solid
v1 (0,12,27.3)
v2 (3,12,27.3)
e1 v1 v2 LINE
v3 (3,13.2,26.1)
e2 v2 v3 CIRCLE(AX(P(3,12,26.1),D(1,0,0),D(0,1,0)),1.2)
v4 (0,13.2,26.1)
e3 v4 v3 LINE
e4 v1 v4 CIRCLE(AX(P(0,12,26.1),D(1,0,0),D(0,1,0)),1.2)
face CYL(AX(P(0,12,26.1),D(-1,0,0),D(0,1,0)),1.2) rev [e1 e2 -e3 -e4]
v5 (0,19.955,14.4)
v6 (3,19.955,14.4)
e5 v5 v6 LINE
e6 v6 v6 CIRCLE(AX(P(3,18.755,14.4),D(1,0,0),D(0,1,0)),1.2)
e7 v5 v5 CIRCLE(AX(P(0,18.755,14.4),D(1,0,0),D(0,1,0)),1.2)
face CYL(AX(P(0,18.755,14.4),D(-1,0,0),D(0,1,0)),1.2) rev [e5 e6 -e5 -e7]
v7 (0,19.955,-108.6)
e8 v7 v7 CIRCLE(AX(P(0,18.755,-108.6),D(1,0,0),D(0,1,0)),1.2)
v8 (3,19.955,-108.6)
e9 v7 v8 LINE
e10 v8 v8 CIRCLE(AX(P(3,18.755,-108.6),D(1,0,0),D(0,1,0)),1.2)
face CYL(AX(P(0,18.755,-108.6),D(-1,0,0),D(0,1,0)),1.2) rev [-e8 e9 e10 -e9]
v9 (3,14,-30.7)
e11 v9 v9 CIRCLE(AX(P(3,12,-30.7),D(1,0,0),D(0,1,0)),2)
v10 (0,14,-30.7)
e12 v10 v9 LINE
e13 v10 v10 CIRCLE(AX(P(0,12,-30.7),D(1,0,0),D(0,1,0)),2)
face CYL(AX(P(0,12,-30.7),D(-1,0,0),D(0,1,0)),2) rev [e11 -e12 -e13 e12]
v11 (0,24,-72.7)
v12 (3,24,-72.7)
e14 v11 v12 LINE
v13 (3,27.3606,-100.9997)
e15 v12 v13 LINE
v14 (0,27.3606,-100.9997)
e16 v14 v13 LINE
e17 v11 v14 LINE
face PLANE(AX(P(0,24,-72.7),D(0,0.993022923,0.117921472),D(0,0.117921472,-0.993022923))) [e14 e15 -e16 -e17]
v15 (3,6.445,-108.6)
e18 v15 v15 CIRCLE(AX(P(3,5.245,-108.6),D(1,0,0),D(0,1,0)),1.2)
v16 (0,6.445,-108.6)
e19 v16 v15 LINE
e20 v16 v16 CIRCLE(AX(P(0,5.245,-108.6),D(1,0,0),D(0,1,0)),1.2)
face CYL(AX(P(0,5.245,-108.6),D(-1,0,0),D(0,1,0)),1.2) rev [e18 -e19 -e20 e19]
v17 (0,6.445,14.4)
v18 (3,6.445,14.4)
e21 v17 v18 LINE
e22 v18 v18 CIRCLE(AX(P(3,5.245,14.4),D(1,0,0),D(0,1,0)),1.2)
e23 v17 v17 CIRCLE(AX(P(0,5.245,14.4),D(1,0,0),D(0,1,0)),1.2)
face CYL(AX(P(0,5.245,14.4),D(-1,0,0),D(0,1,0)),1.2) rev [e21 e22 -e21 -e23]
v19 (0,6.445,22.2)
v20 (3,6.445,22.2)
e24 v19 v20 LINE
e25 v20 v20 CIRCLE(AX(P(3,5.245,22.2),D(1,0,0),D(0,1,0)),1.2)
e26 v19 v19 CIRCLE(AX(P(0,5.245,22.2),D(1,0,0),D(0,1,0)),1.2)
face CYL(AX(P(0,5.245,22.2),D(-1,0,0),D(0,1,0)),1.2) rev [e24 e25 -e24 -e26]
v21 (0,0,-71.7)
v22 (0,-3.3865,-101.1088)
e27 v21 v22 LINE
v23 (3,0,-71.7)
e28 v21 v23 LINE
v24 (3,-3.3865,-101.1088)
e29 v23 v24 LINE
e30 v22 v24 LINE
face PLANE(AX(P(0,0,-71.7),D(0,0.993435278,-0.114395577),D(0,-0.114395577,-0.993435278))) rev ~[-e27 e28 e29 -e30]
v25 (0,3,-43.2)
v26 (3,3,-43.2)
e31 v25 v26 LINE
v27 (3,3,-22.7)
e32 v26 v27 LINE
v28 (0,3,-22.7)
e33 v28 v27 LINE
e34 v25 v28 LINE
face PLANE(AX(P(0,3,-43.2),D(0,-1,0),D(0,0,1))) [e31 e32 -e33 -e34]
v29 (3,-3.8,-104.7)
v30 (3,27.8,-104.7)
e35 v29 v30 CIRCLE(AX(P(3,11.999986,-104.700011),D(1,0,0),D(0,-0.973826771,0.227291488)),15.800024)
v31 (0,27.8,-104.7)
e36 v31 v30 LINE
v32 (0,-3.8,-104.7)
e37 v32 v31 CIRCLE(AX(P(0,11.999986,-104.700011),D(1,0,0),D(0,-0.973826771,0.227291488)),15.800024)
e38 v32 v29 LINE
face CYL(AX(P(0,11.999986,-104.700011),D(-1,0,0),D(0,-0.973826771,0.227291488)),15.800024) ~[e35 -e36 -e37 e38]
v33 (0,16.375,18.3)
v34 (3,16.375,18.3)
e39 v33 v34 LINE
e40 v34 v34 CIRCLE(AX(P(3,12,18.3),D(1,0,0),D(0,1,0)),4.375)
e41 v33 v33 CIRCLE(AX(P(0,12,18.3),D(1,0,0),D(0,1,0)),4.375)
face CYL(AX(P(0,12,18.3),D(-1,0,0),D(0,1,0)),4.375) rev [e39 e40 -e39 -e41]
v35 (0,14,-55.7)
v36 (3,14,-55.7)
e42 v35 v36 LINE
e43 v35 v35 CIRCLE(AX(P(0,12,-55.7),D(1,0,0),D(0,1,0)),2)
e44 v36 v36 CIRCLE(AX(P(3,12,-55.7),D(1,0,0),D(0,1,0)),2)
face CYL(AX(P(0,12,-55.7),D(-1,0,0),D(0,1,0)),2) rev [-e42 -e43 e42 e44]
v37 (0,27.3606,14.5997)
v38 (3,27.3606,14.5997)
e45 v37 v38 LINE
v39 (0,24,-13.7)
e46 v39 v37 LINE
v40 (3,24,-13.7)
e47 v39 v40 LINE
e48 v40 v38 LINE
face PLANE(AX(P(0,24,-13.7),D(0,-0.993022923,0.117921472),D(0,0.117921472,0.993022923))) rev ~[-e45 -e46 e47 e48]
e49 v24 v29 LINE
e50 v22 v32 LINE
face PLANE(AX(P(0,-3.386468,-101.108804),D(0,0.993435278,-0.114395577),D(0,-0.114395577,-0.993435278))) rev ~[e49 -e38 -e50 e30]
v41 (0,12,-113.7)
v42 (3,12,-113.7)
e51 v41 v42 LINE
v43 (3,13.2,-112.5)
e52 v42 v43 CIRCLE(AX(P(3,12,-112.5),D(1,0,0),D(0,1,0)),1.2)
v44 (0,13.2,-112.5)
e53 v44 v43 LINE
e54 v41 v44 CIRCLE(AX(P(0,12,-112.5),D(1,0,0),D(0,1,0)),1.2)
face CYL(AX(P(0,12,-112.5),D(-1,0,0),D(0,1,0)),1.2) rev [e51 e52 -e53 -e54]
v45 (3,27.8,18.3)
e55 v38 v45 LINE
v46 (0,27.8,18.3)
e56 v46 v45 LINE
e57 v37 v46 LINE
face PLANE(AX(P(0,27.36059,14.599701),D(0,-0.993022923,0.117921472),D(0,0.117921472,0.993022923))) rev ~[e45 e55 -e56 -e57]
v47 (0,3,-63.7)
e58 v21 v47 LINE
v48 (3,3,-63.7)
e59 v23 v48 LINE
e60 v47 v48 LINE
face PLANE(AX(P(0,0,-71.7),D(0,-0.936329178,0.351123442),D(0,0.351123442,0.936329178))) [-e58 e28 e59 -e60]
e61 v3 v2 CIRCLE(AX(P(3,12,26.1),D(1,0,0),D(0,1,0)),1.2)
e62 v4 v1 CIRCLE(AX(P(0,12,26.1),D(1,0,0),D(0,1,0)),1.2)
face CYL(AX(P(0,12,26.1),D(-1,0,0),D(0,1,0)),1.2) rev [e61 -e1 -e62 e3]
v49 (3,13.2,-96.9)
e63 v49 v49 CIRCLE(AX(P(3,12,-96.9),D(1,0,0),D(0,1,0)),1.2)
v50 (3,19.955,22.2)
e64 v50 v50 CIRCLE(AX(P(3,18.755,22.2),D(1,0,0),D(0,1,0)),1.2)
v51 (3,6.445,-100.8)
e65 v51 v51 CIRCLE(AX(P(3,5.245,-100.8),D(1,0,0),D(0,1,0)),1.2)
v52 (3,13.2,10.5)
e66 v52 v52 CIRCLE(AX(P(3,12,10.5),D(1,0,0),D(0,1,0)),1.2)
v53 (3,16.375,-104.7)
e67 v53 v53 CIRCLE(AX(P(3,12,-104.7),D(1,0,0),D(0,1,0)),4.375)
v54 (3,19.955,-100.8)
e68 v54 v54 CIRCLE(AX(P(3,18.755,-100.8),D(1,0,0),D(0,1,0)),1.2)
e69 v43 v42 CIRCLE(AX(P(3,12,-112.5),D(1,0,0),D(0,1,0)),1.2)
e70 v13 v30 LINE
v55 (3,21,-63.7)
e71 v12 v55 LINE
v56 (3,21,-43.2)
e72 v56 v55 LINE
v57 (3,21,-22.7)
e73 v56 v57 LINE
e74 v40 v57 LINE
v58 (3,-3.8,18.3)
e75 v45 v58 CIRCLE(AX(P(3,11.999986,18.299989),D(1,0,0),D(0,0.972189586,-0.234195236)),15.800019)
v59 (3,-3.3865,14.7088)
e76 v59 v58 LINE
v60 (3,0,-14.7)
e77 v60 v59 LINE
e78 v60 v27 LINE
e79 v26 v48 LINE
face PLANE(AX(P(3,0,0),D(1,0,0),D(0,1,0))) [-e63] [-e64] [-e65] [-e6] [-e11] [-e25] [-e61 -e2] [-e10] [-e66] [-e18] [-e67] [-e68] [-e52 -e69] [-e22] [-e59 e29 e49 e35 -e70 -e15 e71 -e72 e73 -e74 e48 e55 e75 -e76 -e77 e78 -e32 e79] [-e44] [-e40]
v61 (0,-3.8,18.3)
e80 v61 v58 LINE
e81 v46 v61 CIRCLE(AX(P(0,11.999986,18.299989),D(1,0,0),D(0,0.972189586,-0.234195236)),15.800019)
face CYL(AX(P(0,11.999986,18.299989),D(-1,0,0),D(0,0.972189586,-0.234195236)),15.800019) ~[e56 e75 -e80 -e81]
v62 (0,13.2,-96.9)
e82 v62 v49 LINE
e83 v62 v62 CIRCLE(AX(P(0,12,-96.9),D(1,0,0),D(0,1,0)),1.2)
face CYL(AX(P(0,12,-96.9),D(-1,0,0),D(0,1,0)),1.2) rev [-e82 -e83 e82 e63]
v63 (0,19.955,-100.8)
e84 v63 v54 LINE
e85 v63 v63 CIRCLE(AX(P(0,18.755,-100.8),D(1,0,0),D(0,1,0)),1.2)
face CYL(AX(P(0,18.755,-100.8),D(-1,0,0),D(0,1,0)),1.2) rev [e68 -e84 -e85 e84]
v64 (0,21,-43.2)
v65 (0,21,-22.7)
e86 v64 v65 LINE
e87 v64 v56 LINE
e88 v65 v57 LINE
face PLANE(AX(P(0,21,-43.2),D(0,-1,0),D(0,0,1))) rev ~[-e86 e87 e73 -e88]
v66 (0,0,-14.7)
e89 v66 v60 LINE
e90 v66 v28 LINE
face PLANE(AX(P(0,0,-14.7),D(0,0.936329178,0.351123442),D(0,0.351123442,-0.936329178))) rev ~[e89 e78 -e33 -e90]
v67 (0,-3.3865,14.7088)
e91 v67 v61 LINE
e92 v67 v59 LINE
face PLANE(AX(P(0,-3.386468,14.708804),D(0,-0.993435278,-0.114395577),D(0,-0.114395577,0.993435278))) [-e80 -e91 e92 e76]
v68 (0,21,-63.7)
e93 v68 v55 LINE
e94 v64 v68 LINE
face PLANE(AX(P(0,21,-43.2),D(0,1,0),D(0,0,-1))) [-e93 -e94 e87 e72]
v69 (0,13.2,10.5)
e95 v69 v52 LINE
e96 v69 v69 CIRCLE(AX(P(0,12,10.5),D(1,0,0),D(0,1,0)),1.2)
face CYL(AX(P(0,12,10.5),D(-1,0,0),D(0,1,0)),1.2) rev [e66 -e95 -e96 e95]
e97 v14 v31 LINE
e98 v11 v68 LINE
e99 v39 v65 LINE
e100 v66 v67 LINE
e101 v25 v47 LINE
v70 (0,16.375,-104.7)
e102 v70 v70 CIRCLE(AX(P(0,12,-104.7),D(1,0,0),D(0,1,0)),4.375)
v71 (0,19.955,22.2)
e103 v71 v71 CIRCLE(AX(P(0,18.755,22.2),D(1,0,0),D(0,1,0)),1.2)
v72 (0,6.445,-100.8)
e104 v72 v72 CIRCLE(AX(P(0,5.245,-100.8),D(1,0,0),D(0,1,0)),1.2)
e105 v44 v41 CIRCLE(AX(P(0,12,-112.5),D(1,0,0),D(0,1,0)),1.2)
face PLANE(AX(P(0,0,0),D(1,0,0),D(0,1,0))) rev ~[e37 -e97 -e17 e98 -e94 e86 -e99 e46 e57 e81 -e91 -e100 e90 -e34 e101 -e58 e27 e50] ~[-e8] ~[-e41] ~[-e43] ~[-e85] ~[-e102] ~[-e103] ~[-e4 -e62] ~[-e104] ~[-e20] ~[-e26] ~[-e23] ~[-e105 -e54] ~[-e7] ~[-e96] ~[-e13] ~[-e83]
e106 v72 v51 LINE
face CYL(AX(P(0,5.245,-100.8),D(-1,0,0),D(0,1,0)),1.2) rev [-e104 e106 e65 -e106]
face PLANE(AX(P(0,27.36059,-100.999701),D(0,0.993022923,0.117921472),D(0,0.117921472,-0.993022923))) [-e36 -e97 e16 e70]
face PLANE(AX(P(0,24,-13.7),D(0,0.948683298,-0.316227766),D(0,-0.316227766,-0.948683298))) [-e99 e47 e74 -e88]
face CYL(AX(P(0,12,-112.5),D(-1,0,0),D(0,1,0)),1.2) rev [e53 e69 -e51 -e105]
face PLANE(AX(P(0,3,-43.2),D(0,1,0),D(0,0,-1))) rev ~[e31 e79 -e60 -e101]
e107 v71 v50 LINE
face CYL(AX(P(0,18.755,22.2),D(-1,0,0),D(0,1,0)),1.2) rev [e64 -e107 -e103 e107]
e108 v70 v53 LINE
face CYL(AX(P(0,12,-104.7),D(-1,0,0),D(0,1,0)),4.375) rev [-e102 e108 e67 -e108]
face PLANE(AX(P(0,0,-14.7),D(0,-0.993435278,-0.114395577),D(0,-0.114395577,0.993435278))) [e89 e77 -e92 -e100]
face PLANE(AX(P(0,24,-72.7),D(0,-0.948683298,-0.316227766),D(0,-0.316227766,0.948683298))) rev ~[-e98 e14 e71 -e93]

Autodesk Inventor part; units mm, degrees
ref_plane "YZ Plane" through (0, 0, 0) normal (1, 0, 0) x (0, 1, 0)
ref_plane "XZ Plane" through (0, 0, 0) normal (0, 1, 0) x (-1, 0, 0)
ref_plane "XY Plane" through (0, 0, 0) normal (0, 0, 1) x (1, 0, 0)
sketch "Sketch1" plane through (0, 0, 0) normal (1, 0, 0) x (0, 1, 0)
  circle A0 centre (12, -104.7) radius 4.375
  circle A1 centre (12, -104.7) radius 9 construction
  line L0 (12, -116.7) -> (12, -104.7) construction
  line L1 (12, -113.7) -> (12, -112.5)
  circle A2 centre (12, -112.5) radius 1.2
  circle A3 centre (12, -55.7) radius 2
  circle A4 centre (18.755, -108.6) radius 1.2
  circle A5 centre (18.755, -100.8) radius 1.2
  circle A6 centre (12, -96.9) radius 1.2
  circle A7 centre (5.245, -100.8) radius 1.2
  circle A8 centre (5.245, -108.6) radius 1.2
  line L2 (3, -43.2) -> (21, -43.2) construction
  line L3 (12, -116.7) -> (12, -71.7) construction
  line L4 (12, -71.7) -> (12, -63.7) construction
  line L5 (12, -63.7) -> (21, -63.7) construction
  line L6 (12, -63.7) -> (3, -63.7) construction
  line L7 (24, -72.7) -> (21, -63.7)
  line L8 (0, -71.7) -> (3, -63.7)
  line L9 (3, -43.2) -> (3, -63.7)
  line L10 (21, -43.2) -> (21, -63.7)
  circle A9 centre (12, -30.7) radius 2
  line L11 (24, -13.7) -> (21, -22.7)
  line L12 (0, -14.7) -> (3, -22.7)
  line L13 (12, -14.7) -> (12, -22.7) construction
  line L14 (12, -22.7) -> (3, -22.7) construction
  line L15 (3, -43.2) -> (3, -22.7)
  line L16 (21, -43.2) -> (21, -22.7)
  line L17 (12, -22.7) -> (21, -22.7) construction
  arc A10 (-3.3865, -101.1088) -> (27.3606, -100.9997) centre (12, -104.7) ccw
  arc A11 (-3.3865, -101.1088) -> (27.3606, -100.9997) centre (12, -104.7) ccw
  line L18 (0, -71.7) -> (-3.8, -104.7)
  line L19 (24, -72.7) -> (27.8, -104.7)
  circle A12 centre (12, 18.3) radius 4.375
  circle A13 centre (12, 18.3) radius 9 construction
  line L20 (12, 30.3) -> (12, 18.3) construction
  line L21 (12, 27.3) -> (12, 26.1)
  circle A14 centre (12, 26.1) radius 1.2
  circle A15 centre (18.755, 22.2) radius 1.2
  circle A16 centre (18.755, 14.4) radius 1.2
  circle A17 centre (12, 10.5) radius 1.2
  circle A18 centre (5.245, 14.4) radius 1.2
  circle A19 centre (5.245, 22.2) radius 1.2
  line L22 (12, 30.3) -> (12, -14.7) construction
  arc A20 (27.3606, 14.5997) -> (-3.3865, 14.7088) centre (12, 18.3) ccw
  arc A21 (27.3606, 14.5997) -> (-3.3865, 14.7088) centre (12, 18.3) ccw
  line L23 (0, -14.7) -> (-3.8, 18.3)
  line L24 (24, -13.7) -> (27.8, 18.3)
  point P0 (1.5, 26.1095)
  point P1 (22.5, 26.1095)
  point P2 (19.7942, -109.2)
  point P3 (19.7942, -100.2)
  point P4 (12, -95.7)
  point P5 (4.2058, -100.2)
  point P6 (4.2058, -109.2)
  point P7 (19.7942, 22.8)
  point P8 (19.7942, 13.8)
  point P9 (12, 9.3)
  point P10 (4.2058, 13.8)
  point P11 (4.2058, 22.8)
  dimension "d4" = 18
  dimension "d3" = 8.75
  dimension "d5" = 1.2
  dimension "d6" = 4
  dimension "d7" = 360
  dimension "d8" = 45
  dimension "d9" = 8
  dimension "d10" = 9
  dimension "d11" = 9
  dimension "d13" = 8
  dimension "d14" = 12.5
extrude "Extrusion1" add sketch "Sketch1" along normal blind 3 contours L19 A10 L18 L8 L9 L15 L12 L23 A20 L24 L11 L16 L10 L7
properties part number "Brazo1Izquierda"
